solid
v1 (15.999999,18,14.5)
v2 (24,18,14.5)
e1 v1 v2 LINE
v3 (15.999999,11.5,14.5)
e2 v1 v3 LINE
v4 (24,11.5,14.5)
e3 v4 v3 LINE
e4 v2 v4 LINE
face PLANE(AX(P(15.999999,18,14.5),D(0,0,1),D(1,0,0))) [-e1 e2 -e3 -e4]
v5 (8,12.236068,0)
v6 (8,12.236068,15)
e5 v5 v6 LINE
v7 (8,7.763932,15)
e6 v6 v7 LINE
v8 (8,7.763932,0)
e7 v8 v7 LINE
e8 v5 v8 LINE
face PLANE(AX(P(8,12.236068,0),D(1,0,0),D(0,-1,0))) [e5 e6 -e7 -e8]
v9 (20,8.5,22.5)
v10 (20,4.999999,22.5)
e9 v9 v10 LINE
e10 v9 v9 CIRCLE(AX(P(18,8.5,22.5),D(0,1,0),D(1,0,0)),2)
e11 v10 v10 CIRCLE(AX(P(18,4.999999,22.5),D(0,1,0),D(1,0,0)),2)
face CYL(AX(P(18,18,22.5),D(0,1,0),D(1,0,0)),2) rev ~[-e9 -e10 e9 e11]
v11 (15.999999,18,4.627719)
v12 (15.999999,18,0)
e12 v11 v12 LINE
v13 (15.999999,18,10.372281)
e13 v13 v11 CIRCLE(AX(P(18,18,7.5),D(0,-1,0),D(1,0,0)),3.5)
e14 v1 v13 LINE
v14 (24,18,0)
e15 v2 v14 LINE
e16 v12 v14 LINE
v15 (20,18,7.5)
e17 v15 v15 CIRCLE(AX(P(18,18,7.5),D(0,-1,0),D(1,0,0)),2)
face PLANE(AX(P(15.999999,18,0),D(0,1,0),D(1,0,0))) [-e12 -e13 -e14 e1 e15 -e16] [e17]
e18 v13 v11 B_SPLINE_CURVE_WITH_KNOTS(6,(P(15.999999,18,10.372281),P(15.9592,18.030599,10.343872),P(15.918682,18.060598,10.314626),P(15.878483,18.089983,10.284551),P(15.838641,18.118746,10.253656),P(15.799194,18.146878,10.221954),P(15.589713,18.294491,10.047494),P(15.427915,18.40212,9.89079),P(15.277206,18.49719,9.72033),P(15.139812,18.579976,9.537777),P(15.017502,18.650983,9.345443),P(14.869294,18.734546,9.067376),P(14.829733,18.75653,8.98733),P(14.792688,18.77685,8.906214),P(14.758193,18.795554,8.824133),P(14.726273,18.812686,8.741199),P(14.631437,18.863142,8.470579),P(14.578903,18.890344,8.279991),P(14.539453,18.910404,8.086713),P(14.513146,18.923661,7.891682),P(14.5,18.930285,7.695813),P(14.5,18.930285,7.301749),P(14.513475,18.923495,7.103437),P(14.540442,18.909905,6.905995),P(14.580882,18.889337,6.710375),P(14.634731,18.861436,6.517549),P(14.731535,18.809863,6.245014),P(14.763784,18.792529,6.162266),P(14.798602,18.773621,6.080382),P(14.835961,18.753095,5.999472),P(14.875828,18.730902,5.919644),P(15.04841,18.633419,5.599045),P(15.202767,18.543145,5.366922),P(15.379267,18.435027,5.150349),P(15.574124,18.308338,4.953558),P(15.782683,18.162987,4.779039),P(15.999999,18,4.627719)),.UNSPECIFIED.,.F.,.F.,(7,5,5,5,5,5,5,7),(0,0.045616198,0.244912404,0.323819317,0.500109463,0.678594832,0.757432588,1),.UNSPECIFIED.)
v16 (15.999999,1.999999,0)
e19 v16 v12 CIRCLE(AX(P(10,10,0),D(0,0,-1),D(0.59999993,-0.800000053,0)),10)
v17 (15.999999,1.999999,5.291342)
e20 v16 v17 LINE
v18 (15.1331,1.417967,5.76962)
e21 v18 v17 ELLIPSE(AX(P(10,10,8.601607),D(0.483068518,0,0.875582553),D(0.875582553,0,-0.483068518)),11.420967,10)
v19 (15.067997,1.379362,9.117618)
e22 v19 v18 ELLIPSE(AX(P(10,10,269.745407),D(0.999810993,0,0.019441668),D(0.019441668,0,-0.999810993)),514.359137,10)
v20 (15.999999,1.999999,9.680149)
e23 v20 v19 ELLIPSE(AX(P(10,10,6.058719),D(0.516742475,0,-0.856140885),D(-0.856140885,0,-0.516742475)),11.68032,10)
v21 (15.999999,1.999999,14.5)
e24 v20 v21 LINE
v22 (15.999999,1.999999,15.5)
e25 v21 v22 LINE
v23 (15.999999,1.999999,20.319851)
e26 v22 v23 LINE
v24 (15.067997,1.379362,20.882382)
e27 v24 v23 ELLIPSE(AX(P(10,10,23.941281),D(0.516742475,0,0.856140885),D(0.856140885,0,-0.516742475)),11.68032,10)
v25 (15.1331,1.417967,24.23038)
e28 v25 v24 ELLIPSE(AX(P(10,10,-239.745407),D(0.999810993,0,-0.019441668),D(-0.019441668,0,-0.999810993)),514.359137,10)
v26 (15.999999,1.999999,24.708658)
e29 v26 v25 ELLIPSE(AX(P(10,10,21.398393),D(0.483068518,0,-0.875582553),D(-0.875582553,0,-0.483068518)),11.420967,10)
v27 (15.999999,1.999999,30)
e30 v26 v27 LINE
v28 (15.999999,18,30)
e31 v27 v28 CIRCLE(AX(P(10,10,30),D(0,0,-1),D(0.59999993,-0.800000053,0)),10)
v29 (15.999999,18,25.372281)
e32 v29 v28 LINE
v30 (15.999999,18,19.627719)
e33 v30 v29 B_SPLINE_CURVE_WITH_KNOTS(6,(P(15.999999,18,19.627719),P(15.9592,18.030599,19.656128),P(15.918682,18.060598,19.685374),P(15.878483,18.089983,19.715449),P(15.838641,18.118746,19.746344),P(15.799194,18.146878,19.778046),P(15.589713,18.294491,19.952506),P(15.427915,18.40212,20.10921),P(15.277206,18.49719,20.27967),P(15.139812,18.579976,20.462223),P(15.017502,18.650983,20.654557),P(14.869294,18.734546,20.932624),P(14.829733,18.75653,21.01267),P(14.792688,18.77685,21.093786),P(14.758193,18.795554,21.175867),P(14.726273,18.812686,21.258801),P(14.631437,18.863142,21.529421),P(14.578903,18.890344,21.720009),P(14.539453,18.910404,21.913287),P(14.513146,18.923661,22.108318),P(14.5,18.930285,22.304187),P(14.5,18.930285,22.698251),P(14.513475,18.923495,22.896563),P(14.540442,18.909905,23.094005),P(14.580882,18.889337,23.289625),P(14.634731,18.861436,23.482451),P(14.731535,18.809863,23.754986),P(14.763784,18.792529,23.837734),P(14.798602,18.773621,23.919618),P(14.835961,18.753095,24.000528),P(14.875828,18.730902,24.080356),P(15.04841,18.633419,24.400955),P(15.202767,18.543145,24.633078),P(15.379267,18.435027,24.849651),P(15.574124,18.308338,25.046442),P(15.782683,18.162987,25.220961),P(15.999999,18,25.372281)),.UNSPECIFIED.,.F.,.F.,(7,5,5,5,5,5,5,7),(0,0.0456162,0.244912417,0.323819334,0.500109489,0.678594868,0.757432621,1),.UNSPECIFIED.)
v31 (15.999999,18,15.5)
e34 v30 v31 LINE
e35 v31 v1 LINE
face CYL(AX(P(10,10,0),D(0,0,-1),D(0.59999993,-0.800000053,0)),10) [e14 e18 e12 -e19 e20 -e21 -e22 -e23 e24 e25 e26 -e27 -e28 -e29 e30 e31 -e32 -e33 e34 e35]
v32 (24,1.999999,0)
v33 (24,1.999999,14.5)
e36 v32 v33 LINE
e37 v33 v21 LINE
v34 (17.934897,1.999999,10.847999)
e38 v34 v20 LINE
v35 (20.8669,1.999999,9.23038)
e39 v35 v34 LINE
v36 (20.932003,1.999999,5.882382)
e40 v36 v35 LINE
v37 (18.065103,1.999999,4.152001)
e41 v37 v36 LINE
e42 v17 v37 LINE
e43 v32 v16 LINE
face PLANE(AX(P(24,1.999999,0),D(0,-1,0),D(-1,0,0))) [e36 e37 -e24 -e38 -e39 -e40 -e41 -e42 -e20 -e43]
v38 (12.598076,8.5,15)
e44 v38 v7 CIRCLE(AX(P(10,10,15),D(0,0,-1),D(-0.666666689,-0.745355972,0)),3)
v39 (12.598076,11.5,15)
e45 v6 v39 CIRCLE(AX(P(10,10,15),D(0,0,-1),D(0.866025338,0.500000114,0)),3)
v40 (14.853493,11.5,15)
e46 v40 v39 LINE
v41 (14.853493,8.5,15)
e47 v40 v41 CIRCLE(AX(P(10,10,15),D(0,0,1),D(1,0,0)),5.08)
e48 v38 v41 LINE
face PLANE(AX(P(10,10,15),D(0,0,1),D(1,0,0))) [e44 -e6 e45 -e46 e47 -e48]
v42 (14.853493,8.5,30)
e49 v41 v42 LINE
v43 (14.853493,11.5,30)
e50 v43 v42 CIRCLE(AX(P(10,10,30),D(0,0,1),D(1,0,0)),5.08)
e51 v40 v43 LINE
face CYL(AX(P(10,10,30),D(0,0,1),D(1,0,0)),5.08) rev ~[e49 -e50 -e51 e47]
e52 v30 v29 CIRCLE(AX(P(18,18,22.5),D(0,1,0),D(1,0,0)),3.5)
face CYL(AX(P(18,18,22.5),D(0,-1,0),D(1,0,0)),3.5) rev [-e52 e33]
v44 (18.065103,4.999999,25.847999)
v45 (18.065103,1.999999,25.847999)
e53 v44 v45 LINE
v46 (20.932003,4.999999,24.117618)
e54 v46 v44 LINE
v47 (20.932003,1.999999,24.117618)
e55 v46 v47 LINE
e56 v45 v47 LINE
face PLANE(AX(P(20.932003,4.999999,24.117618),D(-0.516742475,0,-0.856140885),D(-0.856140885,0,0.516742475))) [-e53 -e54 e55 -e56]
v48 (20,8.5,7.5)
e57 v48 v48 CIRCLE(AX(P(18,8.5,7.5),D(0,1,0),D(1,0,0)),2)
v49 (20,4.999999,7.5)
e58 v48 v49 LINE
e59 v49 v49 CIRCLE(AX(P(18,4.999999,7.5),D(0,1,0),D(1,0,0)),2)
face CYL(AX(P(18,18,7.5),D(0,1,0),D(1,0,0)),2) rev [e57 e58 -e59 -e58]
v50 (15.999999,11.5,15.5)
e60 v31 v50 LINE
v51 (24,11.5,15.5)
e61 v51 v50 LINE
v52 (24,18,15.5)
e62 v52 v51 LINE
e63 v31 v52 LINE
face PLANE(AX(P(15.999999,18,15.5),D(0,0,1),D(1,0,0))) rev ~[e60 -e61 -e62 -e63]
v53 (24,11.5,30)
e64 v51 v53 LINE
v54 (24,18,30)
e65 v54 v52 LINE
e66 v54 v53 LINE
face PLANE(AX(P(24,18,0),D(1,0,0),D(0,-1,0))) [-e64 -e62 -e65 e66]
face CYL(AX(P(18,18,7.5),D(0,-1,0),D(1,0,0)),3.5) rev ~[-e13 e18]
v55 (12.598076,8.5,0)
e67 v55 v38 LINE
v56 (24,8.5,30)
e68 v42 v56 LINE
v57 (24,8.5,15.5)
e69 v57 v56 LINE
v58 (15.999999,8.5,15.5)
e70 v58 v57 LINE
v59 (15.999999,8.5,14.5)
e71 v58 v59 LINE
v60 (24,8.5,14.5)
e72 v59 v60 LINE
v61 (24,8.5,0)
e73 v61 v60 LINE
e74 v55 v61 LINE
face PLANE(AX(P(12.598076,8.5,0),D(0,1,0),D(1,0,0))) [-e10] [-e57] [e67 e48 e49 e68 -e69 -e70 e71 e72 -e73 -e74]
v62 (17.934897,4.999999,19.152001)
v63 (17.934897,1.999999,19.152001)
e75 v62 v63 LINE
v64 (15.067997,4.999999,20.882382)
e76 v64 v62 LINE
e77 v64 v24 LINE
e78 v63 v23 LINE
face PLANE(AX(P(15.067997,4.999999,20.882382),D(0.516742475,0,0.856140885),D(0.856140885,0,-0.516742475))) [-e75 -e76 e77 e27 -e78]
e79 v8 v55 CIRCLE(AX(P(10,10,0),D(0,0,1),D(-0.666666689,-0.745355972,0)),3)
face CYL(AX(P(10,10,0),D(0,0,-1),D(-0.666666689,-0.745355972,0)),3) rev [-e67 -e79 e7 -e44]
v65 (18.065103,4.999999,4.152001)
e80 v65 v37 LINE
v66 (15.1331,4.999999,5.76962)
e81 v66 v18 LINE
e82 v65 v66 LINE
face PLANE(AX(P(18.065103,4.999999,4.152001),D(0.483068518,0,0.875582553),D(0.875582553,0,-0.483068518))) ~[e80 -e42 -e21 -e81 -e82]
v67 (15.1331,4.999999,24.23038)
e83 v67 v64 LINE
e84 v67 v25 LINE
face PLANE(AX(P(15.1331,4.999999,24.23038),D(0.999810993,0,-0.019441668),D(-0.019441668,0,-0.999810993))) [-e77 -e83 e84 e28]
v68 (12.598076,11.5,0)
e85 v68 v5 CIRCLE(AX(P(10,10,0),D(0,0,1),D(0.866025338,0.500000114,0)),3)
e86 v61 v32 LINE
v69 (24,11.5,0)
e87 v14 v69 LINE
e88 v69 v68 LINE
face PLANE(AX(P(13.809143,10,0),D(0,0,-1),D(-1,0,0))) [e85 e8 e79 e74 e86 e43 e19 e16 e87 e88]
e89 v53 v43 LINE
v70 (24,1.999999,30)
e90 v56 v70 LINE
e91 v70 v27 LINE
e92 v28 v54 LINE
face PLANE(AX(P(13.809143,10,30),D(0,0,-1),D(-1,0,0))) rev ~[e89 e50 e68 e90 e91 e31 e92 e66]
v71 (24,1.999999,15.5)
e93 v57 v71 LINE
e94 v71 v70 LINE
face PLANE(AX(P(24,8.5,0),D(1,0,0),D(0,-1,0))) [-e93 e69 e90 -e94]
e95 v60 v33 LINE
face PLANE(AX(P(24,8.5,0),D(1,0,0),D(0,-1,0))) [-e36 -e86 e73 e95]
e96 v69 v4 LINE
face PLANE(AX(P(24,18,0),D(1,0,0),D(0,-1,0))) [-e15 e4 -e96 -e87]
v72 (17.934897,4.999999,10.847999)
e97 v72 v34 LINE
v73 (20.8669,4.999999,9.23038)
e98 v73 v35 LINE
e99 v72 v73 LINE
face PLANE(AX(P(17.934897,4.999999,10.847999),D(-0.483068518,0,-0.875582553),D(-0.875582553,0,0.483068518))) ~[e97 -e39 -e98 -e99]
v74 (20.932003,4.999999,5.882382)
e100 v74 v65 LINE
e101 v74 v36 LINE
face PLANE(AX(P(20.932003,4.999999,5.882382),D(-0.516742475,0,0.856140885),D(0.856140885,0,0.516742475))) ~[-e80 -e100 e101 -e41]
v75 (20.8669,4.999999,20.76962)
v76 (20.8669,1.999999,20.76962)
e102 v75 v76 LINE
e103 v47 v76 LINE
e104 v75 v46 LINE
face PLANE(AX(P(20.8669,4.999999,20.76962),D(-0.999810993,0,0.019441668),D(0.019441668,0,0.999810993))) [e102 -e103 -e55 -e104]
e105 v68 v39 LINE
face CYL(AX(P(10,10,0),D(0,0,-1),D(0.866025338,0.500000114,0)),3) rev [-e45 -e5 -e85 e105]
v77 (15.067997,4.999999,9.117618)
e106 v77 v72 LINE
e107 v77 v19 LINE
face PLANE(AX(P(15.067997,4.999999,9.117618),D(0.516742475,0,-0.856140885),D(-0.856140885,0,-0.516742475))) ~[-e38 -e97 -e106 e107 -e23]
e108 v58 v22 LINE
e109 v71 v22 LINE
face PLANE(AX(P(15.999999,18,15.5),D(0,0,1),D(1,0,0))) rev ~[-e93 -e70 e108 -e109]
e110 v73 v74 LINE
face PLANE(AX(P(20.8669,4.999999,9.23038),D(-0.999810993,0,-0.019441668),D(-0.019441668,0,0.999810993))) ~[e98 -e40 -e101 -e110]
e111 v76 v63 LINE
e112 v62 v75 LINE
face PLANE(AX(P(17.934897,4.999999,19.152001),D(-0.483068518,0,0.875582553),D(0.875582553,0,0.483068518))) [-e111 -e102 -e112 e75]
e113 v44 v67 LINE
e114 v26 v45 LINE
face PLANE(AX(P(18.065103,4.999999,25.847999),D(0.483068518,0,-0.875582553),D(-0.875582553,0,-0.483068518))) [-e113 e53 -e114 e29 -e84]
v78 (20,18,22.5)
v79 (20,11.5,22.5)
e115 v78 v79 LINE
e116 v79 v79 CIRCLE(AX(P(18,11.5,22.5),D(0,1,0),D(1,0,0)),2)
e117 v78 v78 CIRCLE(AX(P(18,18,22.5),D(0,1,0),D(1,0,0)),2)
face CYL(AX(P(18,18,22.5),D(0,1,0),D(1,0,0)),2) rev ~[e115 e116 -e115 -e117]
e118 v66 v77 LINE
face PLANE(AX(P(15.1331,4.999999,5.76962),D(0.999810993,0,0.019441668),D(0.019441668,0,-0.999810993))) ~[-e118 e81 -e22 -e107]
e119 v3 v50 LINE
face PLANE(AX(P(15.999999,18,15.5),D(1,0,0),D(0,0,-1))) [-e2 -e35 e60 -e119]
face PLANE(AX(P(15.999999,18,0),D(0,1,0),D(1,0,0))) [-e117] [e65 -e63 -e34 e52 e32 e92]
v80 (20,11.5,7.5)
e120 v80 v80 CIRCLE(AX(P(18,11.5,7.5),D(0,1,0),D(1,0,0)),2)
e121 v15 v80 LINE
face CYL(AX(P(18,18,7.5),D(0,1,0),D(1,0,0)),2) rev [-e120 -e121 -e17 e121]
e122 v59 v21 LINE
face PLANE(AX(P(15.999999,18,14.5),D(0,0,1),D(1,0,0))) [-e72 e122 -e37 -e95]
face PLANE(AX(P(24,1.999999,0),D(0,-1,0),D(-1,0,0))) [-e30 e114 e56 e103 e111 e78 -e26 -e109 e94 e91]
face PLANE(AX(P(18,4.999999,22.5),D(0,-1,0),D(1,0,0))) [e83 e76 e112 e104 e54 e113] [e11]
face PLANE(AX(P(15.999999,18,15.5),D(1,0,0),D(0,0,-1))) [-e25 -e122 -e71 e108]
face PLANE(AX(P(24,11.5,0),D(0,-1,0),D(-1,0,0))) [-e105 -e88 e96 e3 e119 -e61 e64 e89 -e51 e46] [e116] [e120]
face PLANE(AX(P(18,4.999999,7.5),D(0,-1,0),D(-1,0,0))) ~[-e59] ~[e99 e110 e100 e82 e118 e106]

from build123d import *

# Parameters (mm, degrees)
BOSS_EXTRUDE1_DEPTH     = 30
SKETCH3_R               = 2
CUT_EXTRUDE2_DEPTH      = 19.00000001
SKETCH8_R               = 3.5
CUT_EXTRUDE5_DEPTH      = 10
SKETCH9_W               = 8.000001136
SKETCH9_H               = 1
CUT_EXTRUDE6_DEPTH      = 2.999999513
CUT_EXTRUDE6_DEPTH_BACK = 19.00000011
CUT_EXTRUDE7_START      = -3
CUT_EXTRUDE7_DEPTH      = 5.999999514
SKETCH12_R              = 5.08
CUT_EXTRUDE8_DEPTH      = 15


with BuildPart() as part:
    # Sketch1 → Boss-Extrude1 (new body)
    with BuildSketch(Plane.XY):
        with BuildLine():
            Line((7.999999523, 12.236067772), (7.999999523, 7.763931751))
            ThreePointArc((7.999999523, 7.763931751), (10.474207269, 7.037715521), (12.598076062, 8.499999806))
            Line((12.598076062, 8.499999806), (23.999999754, 8.499999806))
            Line((23.999999754, 8.499999806), (23.999999754, 1.999999464))
            Line((23.999999754, 1.999999464), (15.9999988, 1.999999464))
            ThreePointArc((15.9999988, 1.999999464), (-3.4e-08, 9.99999976), (15.999998799, 18.00000006))
            Line((15.999998799, 18.00000006), (23.999999935, 18.00000006))
            Line((23.999999935, 18.00000006), (23.999999935, 11.500000167))
            Line((23.999999935, 11.500000167), (12.598075802, 11.500000167))
            ThreePointArc((12.598075802, 11.500000167), (10.474207012, 12.962284044), (7.999999523, 12.236067772))
        make_face()
    extrude(amount=BOSS_EXTRUDE1_DEPTH)

    # Sketch3 → Cut-Extrude2 (cut, through all)
    with BuildSketch(Plane(origin=(0, 18.00000006, 0), x_dir=(1, 0, 0), z_dir=(0, 1, 0))):
        with Locations((17.999999935, -22.5)):
            Circle(SKETCH3_R)
    cut_extrude2 = extrude(amount=-CUT_EXTRUDE2_DEPTH, mode=Mode.SUBTRACT)

    # Sketch8 → Cut-Extrude5 (cut)
    with BuildSketch(Plane(origin=(0, 18.00000006, 0), x_dir=(1, 0, 0), z_dir=(0, 1, 0))):
        with Locations((17.999999935, -22.5)):
            Circle(SKETCH8_R)
    cut_extrude5 = extrude(amount=CUT_EXTRUDE5_DEPTH, mode=Mode.SUBTRACT)

    # Sketch9 → Cut-Extrude6 (cut, two sides)
    with BuildSketch(Plane(origin=(0, 18.00000006, 0), x_dir=(1, 0, 0), z_dir=(0, 1, 0))) as cut_extrude6_sk:
        with Locations((19.999999367, -15)):
            Rectangle(SKETCH9_W, SKETCH9_H)
    extrude(amount=CUT_EXTRUDE6_DEPTH, mode=Mode.SUBTRACT)
    extrude(cut_extrude6_sk.sketch, amount=-CUT_EXTRUDE6_DEPTH_BACK, mode=Mode.SUBTRACT)

    # Sketch10 → Cut-Extrude7 (cut)
    with BuildSketch(Plane.XZ.offset(-1.999999464).offset(CUT_EXTRUDE7_START)):
        Polygon((15.067996564, 20.882381514), (17.934896952, 19.152001354), (20.866900323, 20.76961984), (20.932003306, 24.117618486), (18.065102919, 25.847998646), (15.133099548, 24.23038016), align=None)
    cut_extrude7 = extrude(amount=CUT_EXTRUDE7_DEPTH, mode=Mode.SUBTRACT)

    # Mirror1: Cut-Extrude7 across plane
    add(cut_extrude7.mirror(Plane.XY.offset(15)), mode=Mode.SUBTRACT)

    # Mirror2: Cut-Extrude2, Cut-Extrude5 across plane
    add(cut_extrude2.mirror(Plane.XY.offset(15)), mode=Mode.SUBTRACT)
    add(cut_extrude5.mirror(Plane.XY.offset(15)), mode=Mode.SUBTRACT)

    # Sketch12 → Cut-Extrude8 (cut)
    with BuildSketch(Plane.XY.offset(30)):
        with Locations((9.999999677, 9.999999762)):
            Circle(SKETCH12_R)
    extrude(amount=-CUT_EXTRUDE8_DEPTH, mode=Mode.SUBTRACT)


solid = part.part
